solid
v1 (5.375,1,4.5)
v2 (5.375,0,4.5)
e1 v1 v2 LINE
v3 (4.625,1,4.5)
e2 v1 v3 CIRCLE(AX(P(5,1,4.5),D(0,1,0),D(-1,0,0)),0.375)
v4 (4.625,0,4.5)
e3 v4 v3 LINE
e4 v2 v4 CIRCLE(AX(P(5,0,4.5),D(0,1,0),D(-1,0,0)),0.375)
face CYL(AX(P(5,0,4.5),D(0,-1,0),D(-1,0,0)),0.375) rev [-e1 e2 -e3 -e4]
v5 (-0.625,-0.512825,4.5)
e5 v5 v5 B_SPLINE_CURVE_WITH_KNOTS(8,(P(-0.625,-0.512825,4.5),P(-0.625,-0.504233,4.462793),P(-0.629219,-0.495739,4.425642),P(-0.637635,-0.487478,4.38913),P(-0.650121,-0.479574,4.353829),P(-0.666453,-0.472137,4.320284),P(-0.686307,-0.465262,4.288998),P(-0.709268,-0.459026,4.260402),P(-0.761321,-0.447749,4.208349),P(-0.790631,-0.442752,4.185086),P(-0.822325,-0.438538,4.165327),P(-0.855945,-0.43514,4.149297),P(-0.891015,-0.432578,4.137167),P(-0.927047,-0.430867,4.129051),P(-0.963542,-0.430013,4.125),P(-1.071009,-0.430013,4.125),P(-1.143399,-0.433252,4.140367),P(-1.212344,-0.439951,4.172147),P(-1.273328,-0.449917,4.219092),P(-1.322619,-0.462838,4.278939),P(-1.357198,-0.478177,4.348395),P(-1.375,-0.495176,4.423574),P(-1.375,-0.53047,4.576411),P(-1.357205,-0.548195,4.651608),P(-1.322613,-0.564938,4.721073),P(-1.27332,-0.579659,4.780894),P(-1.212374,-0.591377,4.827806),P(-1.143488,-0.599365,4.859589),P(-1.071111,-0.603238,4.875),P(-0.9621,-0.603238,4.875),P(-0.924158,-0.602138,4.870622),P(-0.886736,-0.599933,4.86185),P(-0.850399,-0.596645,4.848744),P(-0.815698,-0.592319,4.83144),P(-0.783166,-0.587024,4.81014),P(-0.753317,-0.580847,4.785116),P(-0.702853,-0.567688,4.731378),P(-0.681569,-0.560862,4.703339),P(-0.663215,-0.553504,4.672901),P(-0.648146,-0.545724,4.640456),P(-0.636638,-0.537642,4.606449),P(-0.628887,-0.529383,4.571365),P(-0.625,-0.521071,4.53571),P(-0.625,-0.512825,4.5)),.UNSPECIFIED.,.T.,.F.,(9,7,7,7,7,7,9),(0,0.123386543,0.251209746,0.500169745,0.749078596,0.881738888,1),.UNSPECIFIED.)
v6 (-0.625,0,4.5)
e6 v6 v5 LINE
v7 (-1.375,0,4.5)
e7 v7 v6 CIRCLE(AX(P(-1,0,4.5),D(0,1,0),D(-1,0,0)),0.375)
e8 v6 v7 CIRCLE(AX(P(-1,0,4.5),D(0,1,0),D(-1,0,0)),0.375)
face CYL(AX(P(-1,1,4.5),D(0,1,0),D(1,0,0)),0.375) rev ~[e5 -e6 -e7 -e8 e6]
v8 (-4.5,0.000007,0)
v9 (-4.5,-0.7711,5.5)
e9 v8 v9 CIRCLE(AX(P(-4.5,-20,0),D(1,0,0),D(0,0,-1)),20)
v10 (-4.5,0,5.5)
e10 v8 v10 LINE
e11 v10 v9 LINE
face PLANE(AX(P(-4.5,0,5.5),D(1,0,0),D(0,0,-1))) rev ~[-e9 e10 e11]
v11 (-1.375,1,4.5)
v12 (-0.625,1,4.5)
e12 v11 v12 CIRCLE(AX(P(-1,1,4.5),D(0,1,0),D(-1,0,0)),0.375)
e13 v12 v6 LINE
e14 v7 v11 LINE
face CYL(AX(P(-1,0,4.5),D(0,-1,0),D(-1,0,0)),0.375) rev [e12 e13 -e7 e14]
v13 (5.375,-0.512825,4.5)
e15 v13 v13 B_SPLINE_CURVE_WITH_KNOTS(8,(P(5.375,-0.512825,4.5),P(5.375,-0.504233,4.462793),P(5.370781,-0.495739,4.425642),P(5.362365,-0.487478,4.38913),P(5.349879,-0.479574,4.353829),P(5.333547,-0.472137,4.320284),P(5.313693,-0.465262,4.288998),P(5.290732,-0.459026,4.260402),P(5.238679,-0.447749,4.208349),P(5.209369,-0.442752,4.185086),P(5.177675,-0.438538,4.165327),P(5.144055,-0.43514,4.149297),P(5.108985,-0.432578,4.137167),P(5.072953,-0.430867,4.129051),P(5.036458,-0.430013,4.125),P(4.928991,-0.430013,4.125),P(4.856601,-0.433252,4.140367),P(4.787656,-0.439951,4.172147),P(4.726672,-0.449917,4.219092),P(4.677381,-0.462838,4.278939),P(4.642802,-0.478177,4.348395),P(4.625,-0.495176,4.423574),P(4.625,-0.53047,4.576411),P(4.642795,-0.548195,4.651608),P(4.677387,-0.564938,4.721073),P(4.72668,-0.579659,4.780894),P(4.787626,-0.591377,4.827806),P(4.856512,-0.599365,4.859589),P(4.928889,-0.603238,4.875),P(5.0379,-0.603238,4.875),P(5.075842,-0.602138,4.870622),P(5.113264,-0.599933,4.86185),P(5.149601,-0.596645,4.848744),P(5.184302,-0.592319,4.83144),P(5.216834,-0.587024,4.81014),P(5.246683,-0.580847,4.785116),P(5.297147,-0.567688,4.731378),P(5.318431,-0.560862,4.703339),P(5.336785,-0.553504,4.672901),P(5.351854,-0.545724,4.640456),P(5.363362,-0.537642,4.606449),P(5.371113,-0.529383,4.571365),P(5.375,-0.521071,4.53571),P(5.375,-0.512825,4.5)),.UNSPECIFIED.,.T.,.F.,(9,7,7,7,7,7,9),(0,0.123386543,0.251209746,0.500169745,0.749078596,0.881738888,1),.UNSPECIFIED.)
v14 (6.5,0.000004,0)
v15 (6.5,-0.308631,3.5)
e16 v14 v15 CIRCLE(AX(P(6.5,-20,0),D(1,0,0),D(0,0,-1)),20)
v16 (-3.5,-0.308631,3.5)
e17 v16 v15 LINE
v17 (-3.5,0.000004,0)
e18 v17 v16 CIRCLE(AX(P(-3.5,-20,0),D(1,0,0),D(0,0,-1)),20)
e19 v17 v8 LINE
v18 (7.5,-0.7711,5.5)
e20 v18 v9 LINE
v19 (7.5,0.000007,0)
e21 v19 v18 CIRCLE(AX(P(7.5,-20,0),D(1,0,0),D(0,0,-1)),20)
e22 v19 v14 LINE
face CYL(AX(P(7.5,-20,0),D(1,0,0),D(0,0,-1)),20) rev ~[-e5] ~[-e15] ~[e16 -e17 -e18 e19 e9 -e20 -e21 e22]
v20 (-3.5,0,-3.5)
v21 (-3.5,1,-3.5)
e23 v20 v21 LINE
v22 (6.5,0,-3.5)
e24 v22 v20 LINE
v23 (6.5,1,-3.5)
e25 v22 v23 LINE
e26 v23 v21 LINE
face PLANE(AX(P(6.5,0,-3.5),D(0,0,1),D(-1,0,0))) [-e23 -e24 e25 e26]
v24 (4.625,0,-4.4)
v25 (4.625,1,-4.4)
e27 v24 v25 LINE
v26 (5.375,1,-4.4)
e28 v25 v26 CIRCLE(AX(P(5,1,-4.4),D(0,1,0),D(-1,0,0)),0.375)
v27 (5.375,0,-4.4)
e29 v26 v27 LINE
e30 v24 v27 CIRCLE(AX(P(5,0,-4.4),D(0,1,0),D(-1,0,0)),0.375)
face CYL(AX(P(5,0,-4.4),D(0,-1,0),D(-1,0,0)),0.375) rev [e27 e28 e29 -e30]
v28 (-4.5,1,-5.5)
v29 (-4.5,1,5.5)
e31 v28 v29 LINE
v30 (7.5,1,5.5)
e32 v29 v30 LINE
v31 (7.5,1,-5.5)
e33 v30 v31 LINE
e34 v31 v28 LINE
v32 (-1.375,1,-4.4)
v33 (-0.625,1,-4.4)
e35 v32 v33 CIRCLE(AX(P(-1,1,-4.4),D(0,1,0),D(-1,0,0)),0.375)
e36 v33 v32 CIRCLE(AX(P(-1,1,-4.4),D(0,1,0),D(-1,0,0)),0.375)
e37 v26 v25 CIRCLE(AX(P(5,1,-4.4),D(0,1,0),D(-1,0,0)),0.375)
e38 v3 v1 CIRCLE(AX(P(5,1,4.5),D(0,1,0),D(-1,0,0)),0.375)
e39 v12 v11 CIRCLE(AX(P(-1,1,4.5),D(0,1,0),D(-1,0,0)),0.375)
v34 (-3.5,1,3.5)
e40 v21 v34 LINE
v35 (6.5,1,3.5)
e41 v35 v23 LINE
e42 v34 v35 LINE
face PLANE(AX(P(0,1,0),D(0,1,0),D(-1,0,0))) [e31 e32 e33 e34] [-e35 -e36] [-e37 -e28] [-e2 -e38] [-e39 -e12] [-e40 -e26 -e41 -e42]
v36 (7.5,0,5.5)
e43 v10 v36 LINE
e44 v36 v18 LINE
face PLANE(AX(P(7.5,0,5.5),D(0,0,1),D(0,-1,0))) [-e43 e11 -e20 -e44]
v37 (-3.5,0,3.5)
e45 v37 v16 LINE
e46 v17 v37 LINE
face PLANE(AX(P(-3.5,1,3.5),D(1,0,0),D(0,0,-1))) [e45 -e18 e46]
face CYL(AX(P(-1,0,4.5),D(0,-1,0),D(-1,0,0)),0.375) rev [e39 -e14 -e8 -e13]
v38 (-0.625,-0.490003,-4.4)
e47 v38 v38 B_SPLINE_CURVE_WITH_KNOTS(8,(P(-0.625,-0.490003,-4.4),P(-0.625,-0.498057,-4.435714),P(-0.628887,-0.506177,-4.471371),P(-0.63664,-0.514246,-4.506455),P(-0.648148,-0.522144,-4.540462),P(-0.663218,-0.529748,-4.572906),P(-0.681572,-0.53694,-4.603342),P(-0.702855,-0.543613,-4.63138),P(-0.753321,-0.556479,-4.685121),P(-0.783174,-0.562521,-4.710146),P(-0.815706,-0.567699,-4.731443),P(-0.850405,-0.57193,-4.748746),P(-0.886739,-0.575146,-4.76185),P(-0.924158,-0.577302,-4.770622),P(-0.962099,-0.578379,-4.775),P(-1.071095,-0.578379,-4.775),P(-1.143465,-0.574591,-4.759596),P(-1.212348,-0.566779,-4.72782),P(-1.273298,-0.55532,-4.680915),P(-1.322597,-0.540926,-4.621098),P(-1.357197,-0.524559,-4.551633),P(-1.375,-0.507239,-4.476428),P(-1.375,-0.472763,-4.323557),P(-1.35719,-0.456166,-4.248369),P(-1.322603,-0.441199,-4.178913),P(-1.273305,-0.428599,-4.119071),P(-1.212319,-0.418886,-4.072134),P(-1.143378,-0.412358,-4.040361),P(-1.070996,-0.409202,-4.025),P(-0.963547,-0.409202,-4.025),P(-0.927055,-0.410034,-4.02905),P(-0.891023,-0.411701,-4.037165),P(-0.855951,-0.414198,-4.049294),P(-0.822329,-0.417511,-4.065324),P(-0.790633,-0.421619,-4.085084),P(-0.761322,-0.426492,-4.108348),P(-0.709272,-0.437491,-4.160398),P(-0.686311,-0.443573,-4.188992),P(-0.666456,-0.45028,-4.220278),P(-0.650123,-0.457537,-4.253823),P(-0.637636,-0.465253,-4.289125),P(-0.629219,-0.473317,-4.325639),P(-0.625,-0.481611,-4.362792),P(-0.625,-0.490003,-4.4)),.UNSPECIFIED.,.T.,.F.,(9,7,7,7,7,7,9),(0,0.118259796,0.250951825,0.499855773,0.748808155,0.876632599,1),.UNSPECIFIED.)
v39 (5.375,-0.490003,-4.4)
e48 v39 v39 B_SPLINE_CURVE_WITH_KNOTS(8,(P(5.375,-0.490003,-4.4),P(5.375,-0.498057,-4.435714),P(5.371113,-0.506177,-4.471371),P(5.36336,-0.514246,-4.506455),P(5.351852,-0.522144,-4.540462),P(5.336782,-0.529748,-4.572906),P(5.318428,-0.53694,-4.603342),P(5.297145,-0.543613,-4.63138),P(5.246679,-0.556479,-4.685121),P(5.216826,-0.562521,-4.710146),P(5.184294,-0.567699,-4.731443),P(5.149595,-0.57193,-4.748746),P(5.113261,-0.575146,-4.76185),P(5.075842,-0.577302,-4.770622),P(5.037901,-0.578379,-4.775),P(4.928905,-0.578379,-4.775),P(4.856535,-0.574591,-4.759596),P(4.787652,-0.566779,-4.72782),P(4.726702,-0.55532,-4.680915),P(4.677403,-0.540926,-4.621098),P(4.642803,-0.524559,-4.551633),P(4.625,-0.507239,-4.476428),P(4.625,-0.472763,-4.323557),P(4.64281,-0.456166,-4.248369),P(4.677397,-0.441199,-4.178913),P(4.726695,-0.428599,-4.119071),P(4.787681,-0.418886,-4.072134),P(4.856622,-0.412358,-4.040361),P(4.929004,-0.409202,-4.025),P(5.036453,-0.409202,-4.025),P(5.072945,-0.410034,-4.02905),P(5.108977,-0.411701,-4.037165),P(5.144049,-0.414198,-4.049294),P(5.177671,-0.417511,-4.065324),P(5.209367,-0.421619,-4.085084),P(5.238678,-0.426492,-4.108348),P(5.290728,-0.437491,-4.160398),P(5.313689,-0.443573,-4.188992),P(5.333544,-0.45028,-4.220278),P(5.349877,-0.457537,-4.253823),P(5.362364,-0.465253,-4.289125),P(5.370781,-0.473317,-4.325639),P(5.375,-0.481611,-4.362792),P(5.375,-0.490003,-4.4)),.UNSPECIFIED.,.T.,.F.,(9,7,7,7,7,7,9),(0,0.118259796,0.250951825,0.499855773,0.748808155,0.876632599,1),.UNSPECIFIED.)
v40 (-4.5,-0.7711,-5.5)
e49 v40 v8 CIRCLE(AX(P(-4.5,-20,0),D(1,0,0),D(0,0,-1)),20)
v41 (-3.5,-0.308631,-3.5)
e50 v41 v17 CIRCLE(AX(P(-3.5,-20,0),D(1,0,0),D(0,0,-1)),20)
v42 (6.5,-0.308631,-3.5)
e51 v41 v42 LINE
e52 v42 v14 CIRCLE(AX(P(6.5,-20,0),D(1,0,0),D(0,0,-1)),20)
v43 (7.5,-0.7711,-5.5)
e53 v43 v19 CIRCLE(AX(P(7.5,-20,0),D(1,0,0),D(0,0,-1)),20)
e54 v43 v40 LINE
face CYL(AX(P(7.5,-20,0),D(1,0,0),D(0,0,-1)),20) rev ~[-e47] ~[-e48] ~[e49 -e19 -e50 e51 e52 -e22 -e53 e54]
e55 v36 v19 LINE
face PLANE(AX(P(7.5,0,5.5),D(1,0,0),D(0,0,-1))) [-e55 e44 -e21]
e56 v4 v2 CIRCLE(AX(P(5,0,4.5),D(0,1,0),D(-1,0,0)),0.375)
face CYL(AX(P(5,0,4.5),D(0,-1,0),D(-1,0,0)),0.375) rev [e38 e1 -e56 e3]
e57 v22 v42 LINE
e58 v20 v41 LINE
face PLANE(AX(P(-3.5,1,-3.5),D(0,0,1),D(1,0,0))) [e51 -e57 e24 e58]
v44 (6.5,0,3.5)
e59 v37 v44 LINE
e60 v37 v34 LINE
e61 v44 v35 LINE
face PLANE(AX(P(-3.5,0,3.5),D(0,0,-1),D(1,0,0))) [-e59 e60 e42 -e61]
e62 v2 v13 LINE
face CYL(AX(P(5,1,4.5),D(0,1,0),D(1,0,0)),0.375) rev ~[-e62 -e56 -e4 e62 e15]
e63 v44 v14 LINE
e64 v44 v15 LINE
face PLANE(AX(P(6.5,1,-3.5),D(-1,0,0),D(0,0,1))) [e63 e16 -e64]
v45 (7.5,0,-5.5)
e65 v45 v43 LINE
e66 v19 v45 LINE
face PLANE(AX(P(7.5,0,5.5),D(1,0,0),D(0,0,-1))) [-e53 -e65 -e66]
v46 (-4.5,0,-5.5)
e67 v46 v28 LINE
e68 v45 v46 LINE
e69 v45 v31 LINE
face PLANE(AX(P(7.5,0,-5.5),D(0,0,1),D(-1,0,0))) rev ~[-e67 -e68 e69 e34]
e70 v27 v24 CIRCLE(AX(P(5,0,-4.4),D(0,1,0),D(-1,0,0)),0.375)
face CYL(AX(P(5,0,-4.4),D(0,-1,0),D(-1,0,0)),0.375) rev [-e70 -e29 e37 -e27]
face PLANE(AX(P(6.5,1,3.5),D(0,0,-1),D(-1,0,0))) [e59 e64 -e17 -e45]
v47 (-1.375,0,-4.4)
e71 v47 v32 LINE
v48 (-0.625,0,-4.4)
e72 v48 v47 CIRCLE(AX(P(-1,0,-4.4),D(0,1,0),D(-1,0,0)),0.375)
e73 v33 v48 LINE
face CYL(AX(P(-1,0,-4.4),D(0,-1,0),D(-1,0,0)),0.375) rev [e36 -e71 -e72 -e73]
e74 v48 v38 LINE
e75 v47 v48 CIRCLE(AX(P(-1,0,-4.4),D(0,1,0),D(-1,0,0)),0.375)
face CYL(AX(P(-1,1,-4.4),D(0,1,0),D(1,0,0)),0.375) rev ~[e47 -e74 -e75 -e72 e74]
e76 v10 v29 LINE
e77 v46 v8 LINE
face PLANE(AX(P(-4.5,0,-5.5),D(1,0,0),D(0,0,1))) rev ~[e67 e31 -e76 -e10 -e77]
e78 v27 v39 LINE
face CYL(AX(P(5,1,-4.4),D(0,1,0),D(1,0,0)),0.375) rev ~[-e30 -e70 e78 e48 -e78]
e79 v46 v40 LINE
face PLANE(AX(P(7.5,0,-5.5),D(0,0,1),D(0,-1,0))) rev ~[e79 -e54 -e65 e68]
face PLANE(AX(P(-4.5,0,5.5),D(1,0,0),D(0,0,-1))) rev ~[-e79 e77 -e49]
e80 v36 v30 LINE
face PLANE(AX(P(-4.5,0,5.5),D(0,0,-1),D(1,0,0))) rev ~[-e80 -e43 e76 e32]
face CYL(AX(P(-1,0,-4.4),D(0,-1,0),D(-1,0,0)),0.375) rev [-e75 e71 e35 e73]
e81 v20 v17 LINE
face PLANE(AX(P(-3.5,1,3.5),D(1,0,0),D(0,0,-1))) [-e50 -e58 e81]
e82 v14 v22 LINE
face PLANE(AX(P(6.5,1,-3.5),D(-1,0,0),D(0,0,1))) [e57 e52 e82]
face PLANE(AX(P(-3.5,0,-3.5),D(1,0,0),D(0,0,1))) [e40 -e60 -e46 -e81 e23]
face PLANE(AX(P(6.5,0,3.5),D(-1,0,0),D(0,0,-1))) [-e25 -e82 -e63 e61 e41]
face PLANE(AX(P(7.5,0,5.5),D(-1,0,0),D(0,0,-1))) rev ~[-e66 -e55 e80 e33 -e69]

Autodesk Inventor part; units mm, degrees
ref_plane "YZ Plane" through (0, 0, 0) normal (1, 0, 0) x (0, 1, 0)
ref_plane "XZ Plane" through (0, 0, 0) normal (0, 1, 0) x (-1, 0, 0)
ref_plane "XY Plane" through (0, 0, 0) normal (0, 0, 1) x (1, 0, 0)
sketch "Sketch1" plane through (0, 0, 0) normal (0, 1, 0) x (-1, 0, 0)
  line L0 (4.5, 5.5) -> (-7.5, 5.5)
  line L1 (-7.5, 5.5) -> (-7.5, -5.5)
  line L2 (-7.5, -5.5) -> (4.5, -5.5)
  line L3 (4.5, -5.5) -> (4.5, 5.5)
  line L4 (3.5, 3.5) -> (-6.5, 3.5)
  line L5 (-6.5, 3.5) -> (-6.5, -3.5)
  line L6 (-6.5, -3.5) -> (3.5, -3.5)
  line L7 (3.5, -3.5) -> (3.5, 3.5)
  circle A0 centre (1, 4.5) radius 0.375
  circle A1 centre (1, -4.4) radius 0.375
  circle A2 centre (-5, 4.5) radius 0.375
  circle A3 centre (-5, -4.4) radius 0.375
  point P0 (0, 0)
  dimension "d0" = 12
  dimension "d1" = 11
  dimension "d2" = 5.5
  dimension "d3" = 7.5
  dimension "d4" = 10
  dimension "d5" = 7
  dimension "d6" = 2
  dimension "d7" = 1
  dimension "d8" = 0.75
  dimension "d9" = 3.5
  dimension "d10" = 1
  dimension "d13" = 8.9
  dimension "d16" = 6
extrude "Extrusion1" add sketch "Sketch1" along normal blind 1
sketch "Sketch2" plane through (7.5, 0, 5.5) normal (1, 0, 0) x (0, 0, -1)
  circle A0 centre (5.5, -20) radius 20 projected
  line L0 (0, 0) -> (11, 0) projected
  line L1 (0, 0) -> (0, -0.7711)
  line L2 (11, 0) -> (11, -0.7711)
  arc A1 (11, -0.7711) -> (0, -0.7711) centre (5.5, -20) ccw
  point P0 (5.5, 0)
extrude "Extrusion2" add sketch "Sketch2" against normal up to surface (12 mm away) contours A0 L0 L2 | L1 L0 A0
sketch "Sketch3" plane through (0, 1, 0) normal (0, 1, 0) x (1, 0, 0)
  circle A0 centre (5, 4.4) radius 0.375 projected
  circle A1 centre (5, -4.5) radius 0.375 projected
  circle A2 centre (-1, -4.5) radius 0.375 projected
  circle A3 centre (-1, 4.4) radius 0.375 projected
  line L0 (6.5, 3.5) -> (6.5, -3.5) projected
  line L1 (-3.5, 3.5) -> (6.5, 3.5) projected
  line L2 (-3.5, -3.5) -> (-3.5, 3.5) projected
  line L3 (6.5, -3.5) -> (-3.5, -3.5) projected
  line L4 (6.5, 3.5) -> (-3.5, 3.5)
  line L5 (-3.5, 3.5) -> (-3.5, -3.5)
  line L6 (-3.5, -3.5) -> (6.5, -3.5)
  line L7 (6.5, -3.5) -> (6.5, 3.5)
  circle A4 centre (5, 4.4) radius 0.375
  circle A5 centre (5, -4.5) radius 0.375
  circle A6 centre (-1, -4.5) radius 0.375 projected
  circle A7 centre (-1, -4.5) radius 0.375
  circle A8 centre (-1, 4.4) radius 0.375
  point P0 (0, 0)
extrude "Extrusion3" cut sketch "Sketch3" against normal through all
properties part number "Eyepiece Mount"
